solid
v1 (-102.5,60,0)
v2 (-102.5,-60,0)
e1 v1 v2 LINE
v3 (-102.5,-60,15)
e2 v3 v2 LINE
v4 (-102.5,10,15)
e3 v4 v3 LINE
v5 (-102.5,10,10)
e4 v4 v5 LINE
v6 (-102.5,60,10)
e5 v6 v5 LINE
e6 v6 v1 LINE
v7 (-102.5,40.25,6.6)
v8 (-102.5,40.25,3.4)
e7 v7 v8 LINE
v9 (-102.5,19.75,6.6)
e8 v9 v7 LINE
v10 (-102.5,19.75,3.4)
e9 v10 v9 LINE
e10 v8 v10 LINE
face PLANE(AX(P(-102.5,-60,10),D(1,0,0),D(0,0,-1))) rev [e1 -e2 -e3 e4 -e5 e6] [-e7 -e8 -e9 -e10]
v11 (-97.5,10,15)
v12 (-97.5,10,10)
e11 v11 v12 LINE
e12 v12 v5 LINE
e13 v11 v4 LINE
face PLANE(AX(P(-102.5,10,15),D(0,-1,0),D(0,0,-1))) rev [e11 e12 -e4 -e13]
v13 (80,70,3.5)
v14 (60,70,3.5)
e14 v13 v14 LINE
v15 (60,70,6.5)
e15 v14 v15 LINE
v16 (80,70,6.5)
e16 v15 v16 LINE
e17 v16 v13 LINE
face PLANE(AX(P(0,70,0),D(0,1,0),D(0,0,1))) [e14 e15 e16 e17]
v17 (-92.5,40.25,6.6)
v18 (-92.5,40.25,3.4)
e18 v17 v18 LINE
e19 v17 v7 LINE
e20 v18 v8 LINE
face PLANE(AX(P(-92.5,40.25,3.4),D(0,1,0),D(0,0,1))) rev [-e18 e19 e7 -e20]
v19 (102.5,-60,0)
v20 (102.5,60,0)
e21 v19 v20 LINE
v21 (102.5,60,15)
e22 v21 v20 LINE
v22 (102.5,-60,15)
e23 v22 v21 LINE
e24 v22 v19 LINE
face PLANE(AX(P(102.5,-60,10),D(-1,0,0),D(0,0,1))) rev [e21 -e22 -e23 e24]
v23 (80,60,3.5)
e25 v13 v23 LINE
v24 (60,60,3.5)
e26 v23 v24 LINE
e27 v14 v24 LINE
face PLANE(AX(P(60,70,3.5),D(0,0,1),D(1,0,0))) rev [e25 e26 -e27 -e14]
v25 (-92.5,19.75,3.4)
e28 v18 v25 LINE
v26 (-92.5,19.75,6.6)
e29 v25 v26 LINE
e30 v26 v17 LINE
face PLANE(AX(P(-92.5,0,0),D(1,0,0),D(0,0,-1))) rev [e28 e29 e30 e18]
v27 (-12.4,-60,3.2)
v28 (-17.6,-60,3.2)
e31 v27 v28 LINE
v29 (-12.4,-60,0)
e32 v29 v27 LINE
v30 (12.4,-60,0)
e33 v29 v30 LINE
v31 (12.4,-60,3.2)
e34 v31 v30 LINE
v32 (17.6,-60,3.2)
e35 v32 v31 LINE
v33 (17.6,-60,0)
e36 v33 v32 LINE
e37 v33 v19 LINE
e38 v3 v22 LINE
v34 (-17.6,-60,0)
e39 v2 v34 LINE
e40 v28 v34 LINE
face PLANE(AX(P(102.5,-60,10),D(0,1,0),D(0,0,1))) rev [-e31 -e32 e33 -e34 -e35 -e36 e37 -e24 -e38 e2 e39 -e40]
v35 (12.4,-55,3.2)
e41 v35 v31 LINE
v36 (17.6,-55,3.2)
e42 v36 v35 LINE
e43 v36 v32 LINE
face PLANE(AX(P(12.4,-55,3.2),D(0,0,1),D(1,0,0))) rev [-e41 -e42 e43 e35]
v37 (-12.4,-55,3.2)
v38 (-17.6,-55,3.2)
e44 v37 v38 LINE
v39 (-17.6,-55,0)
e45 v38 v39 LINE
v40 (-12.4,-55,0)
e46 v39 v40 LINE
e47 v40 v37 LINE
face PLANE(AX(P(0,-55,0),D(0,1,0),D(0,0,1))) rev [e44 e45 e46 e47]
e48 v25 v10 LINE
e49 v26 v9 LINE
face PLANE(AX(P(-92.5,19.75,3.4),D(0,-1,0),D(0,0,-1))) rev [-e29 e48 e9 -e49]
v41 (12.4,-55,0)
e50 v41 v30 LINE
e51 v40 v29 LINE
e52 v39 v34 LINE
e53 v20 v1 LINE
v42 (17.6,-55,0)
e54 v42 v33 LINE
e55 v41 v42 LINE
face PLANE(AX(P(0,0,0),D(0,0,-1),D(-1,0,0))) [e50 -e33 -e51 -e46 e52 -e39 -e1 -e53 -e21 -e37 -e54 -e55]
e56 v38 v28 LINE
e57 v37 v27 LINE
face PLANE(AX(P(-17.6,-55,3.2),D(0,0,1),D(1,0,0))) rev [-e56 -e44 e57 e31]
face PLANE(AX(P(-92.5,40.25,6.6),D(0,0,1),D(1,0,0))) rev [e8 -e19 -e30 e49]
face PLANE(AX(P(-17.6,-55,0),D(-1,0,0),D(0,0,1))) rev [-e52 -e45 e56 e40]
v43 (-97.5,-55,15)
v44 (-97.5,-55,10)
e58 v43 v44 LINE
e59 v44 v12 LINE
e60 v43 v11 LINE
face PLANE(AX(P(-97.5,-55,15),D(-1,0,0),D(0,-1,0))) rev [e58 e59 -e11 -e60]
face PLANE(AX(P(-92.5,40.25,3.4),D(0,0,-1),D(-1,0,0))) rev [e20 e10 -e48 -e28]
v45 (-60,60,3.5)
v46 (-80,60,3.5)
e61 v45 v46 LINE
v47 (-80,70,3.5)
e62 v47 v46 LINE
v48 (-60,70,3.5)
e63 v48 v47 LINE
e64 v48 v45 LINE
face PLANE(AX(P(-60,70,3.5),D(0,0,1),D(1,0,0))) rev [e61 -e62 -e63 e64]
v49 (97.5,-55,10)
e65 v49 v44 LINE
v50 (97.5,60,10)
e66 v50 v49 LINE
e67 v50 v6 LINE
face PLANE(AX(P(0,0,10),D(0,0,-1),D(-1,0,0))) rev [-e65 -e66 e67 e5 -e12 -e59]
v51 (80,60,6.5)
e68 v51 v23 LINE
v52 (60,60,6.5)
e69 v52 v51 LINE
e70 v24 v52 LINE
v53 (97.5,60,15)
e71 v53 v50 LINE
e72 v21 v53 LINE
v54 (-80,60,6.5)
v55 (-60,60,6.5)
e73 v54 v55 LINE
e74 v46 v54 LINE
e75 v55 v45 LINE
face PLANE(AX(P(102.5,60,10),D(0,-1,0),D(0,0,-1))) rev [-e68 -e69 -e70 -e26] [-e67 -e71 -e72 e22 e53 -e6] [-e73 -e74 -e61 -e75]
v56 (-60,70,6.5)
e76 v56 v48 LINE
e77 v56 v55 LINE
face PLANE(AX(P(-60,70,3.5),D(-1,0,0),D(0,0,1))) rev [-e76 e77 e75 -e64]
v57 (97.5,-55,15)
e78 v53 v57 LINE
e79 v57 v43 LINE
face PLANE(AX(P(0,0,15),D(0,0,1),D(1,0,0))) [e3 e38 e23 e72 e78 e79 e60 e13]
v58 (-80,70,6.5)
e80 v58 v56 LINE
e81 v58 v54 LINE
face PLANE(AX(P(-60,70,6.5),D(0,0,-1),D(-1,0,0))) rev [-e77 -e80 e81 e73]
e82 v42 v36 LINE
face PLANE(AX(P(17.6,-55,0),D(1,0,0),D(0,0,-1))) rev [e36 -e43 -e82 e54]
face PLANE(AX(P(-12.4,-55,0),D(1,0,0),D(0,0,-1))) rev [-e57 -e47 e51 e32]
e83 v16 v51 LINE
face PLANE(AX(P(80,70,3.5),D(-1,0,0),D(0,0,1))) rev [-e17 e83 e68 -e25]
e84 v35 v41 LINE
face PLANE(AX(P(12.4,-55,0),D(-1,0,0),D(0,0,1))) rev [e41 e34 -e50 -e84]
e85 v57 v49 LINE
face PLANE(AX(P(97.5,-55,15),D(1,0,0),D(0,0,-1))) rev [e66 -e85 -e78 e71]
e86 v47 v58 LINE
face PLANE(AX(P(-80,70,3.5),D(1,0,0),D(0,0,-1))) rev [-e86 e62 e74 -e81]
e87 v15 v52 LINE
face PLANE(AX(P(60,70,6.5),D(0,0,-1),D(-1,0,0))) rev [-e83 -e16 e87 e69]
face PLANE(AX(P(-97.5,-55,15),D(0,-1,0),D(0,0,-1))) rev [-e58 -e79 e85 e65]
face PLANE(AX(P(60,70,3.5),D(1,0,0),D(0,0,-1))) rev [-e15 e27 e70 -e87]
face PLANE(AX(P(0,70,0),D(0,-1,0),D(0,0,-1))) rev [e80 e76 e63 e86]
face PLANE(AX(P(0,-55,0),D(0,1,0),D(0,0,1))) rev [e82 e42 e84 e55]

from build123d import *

# Parameters (mm, degrees)
SKETCH1_W           = 120
SKETCH1_H           = 205
BOSS_EXTRUDE1_DEPTH = 10
BOSS_EXTRUDE2_DEPTH = 5
SKETCH3_W           = 20.5
SKETCH3_H           = 3.2
CUT_EXTRUDE1_DEPTH  = 10
SKETCH4_W           = 20
SKETCH4_H           = 3
BOSS_EXTRUDE3_DEPTH = 10
SKETCH5_W           = 5.2
SKETCH5_H           = 3.2
CUT_EXTRUDE2_DEPTH  = 5


with BuildPart() as part:
    # Sketch1 → Boss-Extrude1 (new body)
    with BuildSketch(Plane(origin=(0, 0, 0), x_dir=(0, 1, 0), z_dir=(0, 0, 1))):
        Rectangle(SKETCH1_W, SKETCH1_H)
    extrude(amount=BOSS_EXTRUDE1_DEPTH)

    # Sketch2 → Boss-Extrude2 (add)
    with BuildSketch(Plane.XY.offset(10)):
        Polygon((-97.5, -55), (97.5, -55), (97.5, 60), (102.5, 60), (102.5, -60), (-102.5, -60), (-102.5, 10), (-97.5, 10), align=None)
    extrude(amount=BOSS_EXTRUDE2_DEPTH)

    # Sketch3 → Cut-Extrude1 (cut)
    with BuildSketch(Plane(origin=(-102.5, 0, 0), x_dir=(0, -1, 0), z_dir=(-1, 0, 0))):
        with Locations((-30, 5)):
            Rectangle(SKETCH3_W, SKETCH3_H)
    extrude(amount=-CUT_EXTRUDE1_DEPTH, mode=Mode.SUBTRACT)

    # Sketch4 → Boss-Extrude3 (add)
    with BuildSketch(Plane(origin=(0, 60, 0), x_dir=(-1, 0, 0), z_dir=(0, 1, 0))):
        with Locations((70, 5)):
            Rectangle(SKETCH4_W, SKETCH4_H)
        with Locations((-70, 5)):
            Rectangle(SKETCH4_W, SKETCH4_H)
    extrude(amount=BOSS_EXTRUDE3_DEPTH)

    # Sketch5 → Cut-Extrude2 (cut)
    with BuildSketch(Plane.XZ.offset(60)):
        with Locations((15, 1.6)):
            Rectangle(SKETCH5_W, SKETCH5_H)
        with Locations((-15, 1.6)):
            Rectangle(SKETCH5_W, SKETCH5_H)
    extrude(amount=-CUT_EXTRUDE2_DEPTH, mode=Mode.SUBTRACT)


solid = part.part
